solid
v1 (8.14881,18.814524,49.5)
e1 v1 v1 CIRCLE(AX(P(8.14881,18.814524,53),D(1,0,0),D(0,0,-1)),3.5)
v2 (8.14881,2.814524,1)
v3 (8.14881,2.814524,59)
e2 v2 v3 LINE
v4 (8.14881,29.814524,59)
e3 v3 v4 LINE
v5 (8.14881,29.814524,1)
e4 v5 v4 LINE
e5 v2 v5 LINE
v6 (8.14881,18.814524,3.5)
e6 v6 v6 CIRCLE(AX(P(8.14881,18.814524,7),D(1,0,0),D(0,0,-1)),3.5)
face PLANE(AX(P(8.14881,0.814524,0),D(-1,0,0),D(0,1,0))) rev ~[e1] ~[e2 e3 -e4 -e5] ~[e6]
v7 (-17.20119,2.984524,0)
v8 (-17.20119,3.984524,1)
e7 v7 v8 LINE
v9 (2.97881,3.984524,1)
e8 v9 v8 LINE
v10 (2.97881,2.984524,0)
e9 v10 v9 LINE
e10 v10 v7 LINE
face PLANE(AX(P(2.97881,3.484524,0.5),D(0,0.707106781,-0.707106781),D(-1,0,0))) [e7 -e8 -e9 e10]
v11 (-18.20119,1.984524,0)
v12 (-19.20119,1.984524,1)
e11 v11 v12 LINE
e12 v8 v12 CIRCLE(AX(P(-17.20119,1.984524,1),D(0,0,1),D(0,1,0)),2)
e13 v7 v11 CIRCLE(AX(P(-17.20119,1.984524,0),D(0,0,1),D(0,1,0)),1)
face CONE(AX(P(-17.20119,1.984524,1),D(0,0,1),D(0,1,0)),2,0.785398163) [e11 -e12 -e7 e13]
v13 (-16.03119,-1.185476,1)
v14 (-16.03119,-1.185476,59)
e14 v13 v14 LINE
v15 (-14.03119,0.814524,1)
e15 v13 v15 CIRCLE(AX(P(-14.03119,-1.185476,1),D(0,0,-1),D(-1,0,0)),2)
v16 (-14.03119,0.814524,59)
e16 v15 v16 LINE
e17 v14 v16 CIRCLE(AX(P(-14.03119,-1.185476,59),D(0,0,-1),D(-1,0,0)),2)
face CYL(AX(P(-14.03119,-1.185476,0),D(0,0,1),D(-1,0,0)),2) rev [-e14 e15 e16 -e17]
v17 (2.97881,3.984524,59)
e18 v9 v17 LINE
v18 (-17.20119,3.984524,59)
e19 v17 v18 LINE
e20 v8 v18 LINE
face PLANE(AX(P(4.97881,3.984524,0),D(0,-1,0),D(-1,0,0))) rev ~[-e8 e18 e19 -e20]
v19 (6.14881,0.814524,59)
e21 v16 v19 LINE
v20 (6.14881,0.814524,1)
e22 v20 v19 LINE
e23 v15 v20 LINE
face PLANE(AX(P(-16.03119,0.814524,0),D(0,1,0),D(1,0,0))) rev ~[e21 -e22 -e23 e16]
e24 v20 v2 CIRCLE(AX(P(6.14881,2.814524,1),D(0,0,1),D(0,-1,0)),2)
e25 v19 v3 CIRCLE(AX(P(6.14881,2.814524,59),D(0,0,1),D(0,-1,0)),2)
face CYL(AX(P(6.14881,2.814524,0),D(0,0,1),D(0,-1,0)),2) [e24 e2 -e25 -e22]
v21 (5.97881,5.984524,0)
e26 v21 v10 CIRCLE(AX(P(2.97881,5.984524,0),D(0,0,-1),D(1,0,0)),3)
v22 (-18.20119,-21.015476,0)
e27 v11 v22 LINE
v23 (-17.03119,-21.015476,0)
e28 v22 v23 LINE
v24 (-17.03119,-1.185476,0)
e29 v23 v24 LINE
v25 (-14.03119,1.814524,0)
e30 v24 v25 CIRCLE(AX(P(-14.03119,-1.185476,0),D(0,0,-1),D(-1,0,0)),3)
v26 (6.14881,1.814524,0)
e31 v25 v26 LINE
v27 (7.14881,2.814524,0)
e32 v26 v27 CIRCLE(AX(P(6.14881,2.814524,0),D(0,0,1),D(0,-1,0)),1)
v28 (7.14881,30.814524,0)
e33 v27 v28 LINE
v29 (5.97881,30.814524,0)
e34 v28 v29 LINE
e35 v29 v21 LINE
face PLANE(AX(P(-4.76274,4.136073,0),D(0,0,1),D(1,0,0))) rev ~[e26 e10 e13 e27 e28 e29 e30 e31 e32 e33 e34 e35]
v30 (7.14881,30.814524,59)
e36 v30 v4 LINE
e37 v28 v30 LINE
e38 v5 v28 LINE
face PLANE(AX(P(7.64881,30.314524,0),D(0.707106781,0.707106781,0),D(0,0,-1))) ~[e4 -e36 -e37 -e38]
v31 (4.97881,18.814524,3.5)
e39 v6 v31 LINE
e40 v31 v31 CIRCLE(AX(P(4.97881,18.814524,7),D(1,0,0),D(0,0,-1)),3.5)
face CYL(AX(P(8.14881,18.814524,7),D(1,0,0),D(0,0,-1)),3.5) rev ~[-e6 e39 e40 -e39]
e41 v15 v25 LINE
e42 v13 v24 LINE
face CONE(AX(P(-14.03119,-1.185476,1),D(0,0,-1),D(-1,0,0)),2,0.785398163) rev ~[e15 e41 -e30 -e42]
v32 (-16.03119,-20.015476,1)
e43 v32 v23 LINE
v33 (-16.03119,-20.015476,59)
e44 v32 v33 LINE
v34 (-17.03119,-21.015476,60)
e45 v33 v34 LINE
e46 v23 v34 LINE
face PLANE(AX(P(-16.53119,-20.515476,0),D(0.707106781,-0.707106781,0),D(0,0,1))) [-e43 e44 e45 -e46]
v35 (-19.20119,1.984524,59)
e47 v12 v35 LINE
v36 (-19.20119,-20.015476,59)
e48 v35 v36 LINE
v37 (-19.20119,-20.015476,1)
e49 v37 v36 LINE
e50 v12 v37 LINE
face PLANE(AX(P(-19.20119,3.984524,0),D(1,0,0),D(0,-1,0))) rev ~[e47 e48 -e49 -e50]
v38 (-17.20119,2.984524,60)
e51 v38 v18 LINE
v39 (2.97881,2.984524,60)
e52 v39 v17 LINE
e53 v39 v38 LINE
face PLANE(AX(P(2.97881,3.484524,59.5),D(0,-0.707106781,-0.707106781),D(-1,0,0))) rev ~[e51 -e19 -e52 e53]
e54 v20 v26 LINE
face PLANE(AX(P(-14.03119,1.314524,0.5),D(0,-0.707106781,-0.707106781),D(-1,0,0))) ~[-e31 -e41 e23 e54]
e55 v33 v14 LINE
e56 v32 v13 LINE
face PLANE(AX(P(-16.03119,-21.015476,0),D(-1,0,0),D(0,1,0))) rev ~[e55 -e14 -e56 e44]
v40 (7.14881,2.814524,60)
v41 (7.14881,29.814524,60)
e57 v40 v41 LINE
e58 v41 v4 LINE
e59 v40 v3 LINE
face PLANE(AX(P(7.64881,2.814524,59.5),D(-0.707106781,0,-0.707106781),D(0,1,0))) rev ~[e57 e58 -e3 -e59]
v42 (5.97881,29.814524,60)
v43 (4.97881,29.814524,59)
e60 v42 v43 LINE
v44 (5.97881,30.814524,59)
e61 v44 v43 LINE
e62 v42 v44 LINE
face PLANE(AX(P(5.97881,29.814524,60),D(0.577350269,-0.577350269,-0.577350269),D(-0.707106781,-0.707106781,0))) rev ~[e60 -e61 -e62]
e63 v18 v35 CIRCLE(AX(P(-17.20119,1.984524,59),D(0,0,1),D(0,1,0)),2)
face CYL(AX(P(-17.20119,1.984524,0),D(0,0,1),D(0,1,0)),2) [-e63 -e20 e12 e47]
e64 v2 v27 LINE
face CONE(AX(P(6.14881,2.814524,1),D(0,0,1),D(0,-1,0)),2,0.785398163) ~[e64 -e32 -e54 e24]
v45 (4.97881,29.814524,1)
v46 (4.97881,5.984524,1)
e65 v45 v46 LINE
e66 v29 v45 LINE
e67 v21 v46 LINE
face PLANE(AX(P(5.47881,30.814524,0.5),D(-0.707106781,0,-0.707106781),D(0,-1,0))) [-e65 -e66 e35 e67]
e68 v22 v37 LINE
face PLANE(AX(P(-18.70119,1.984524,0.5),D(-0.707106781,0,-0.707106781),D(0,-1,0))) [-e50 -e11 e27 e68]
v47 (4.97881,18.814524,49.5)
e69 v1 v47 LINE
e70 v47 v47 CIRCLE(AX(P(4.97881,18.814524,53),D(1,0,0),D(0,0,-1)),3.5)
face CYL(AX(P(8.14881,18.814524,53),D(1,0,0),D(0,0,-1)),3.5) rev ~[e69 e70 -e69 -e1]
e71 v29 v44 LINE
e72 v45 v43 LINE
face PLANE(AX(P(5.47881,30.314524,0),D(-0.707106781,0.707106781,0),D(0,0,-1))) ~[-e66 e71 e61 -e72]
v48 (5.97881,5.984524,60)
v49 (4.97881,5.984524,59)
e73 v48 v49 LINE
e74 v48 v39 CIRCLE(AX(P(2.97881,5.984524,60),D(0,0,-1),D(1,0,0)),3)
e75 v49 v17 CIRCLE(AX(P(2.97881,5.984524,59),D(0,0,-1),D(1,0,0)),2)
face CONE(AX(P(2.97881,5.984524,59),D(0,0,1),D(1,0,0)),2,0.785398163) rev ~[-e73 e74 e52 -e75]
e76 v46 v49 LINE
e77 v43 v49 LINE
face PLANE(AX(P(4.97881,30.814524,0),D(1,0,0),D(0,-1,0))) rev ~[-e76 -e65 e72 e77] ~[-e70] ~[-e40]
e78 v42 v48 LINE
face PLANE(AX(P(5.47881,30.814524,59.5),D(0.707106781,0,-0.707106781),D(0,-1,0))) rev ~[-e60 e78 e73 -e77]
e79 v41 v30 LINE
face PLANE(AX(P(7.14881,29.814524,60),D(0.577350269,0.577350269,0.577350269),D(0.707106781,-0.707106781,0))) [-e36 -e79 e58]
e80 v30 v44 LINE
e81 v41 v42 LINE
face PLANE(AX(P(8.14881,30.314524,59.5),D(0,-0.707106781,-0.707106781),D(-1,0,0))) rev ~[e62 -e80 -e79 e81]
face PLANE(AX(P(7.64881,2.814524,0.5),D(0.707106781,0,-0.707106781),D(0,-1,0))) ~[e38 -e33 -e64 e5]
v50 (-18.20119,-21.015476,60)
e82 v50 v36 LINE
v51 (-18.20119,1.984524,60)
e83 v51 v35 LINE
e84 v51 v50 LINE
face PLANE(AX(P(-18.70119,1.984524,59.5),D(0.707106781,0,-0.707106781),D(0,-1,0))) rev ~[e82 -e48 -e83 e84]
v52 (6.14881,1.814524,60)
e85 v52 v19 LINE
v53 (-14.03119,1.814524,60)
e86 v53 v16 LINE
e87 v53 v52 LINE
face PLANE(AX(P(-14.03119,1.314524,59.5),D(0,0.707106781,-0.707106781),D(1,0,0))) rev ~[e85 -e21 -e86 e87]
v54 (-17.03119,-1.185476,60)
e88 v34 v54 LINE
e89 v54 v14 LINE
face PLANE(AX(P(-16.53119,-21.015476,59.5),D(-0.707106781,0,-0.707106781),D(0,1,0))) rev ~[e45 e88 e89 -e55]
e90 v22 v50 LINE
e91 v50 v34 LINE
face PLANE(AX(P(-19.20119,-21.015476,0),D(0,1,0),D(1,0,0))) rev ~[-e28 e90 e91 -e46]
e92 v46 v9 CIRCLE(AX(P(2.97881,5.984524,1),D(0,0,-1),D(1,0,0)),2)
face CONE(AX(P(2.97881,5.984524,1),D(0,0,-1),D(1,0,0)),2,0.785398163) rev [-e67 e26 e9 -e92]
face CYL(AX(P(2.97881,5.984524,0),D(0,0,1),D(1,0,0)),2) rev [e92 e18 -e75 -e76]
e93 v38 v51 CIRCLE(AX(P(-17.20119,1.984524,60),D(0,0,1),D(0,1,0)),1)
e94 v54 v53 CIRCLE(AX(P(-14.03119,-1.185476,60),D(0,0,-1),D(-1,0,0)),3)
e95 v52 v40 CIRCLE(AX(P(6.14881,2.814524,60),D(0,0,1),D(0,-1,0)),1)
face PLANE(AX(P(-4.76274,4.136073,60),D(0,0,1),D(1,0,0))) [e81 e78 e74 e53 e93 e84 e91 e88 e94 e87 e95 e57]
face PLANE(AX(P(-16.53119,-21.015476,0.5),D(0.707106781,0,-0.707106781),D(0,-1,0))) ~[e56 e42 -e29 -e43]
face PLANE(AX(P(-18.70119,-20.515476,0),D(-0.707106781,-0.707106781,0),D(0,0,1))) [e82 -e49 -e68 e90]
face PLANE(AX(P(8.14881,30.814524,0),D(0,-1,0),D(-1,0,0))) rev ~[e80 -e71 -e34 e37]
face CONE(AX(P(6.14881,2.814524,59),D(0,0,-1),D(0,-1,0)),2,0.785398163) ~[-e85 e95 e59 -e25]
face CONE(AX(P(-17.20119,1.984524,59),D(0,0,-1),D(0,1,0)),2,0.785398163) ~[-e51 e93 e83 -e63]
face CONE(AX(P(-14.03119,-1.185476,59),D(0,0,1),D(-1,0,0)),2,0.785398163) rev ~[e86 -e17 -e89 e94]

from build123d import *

# Parameters (mm, degrees)
SALIENTE_EXTRUIR1_DEPTH = 60
REDONDEO1_R             = 2
CROQUIS2_R              = 3.5
CORTAR_EXTRUIR1_DEPTH   = 60
CHAFL_N1_SIZE           = 1


with BuildPart() as part:
    # Croquis1 → Saliente-Extruir1 (new body)
    with BuildSketch(Plane.XY):
        Polygon((-16.031190476, -21.01547619), (-16.031190476, 0.81452381), (8.148809524, 0.81452381), (8.148809524, 30.81452381), (4.978809524, 30.81452381), (4.978809524, 3.98452381), (-19.201190476, 3.98452381), (-19.201190476, -21.01547619), align=None)
    extrude(amount=SALIENTE_EXTRUIR1_DEPTH)

    # Redondeo1
    redondeo1_edges = [part.edges().sort_by_distance(p)[0] for p in [
        (-19.201190476, 3.98452381, 30),
        (4.978809524, 3.98452381, 30),
        (8.148809524, 0.81452381, 30),
        (-16.031190476, 0.81452381, 30),
    ]]
    fillet(redondeo1_edges, radius=REDONDEO1_R)

    # Croquis2 → Cortar-Extruir1 (cut)
    with BuildSketch(Plane(origin=(8.148809524, 0, 0), x_dir=(0, 0, -1), z_dir=(1, 0, 0))):
        with Locations((-53, 18.81452381)):
            Circle(CROQUIS2_R)
        with Locations((-7, 18.81452381)):
            Circle(CROQUIS2_R)
    extrude(amount=-CORTAR_EXTRUIR1_DEPTH, mode=Mode.SUBTRACT)

    # Chaflán1
    chafl_n1_edges = [part.edges().sort_by_distance(p)[0] for p in [
        (-16.031190476, -11.10047619, 0),
        (-19.201190476, -21.01547619, 30),
        (4.978809524, 30.81452381, 30),
        (8.148809524, 30.81452381, 30),
        (-16.031190476, -21.01547619, 30),
        (6.563809524, 30.81452381, 60),
        (4.978809524, 18.39952381, 60),
        (-19.201190476, -9.51547619, 0),
        (-19.201190476, -9.51547619, 60),
        (-7.111190476, 3.98452381, 0),
        (8.148809524, 16.81452381, 0),
        (-3.941190476, 0.81452381, 0),
        (7.563023086, 1.400310247, 0),
        (-18.615404039, 3.398737372, 0),
        (-7.111190476, 3.98452381, 60),
        (-3.941190476, 0.81452381, 60),
        (8.148809524, 16.81452381, 60),
        (7.563023086, 1.400310247, 60),
        (-18.615404039, 3.398737372, 60),
        (4.393023086, 4.570310247, 0),
        (4.393023086, 4.570310247, 60),
        (-15.445404039, 0.228737372, 0),
        (-15.445404039, 0.228737372, 60),
        (-16.031190476, -11.10047619, 60),
        (4.978809524, 18.39952381, 0),
    ]]
    chamfer(chafl_n1_edges, length=CHAFL_N1_SIZE)


solid = part.part
